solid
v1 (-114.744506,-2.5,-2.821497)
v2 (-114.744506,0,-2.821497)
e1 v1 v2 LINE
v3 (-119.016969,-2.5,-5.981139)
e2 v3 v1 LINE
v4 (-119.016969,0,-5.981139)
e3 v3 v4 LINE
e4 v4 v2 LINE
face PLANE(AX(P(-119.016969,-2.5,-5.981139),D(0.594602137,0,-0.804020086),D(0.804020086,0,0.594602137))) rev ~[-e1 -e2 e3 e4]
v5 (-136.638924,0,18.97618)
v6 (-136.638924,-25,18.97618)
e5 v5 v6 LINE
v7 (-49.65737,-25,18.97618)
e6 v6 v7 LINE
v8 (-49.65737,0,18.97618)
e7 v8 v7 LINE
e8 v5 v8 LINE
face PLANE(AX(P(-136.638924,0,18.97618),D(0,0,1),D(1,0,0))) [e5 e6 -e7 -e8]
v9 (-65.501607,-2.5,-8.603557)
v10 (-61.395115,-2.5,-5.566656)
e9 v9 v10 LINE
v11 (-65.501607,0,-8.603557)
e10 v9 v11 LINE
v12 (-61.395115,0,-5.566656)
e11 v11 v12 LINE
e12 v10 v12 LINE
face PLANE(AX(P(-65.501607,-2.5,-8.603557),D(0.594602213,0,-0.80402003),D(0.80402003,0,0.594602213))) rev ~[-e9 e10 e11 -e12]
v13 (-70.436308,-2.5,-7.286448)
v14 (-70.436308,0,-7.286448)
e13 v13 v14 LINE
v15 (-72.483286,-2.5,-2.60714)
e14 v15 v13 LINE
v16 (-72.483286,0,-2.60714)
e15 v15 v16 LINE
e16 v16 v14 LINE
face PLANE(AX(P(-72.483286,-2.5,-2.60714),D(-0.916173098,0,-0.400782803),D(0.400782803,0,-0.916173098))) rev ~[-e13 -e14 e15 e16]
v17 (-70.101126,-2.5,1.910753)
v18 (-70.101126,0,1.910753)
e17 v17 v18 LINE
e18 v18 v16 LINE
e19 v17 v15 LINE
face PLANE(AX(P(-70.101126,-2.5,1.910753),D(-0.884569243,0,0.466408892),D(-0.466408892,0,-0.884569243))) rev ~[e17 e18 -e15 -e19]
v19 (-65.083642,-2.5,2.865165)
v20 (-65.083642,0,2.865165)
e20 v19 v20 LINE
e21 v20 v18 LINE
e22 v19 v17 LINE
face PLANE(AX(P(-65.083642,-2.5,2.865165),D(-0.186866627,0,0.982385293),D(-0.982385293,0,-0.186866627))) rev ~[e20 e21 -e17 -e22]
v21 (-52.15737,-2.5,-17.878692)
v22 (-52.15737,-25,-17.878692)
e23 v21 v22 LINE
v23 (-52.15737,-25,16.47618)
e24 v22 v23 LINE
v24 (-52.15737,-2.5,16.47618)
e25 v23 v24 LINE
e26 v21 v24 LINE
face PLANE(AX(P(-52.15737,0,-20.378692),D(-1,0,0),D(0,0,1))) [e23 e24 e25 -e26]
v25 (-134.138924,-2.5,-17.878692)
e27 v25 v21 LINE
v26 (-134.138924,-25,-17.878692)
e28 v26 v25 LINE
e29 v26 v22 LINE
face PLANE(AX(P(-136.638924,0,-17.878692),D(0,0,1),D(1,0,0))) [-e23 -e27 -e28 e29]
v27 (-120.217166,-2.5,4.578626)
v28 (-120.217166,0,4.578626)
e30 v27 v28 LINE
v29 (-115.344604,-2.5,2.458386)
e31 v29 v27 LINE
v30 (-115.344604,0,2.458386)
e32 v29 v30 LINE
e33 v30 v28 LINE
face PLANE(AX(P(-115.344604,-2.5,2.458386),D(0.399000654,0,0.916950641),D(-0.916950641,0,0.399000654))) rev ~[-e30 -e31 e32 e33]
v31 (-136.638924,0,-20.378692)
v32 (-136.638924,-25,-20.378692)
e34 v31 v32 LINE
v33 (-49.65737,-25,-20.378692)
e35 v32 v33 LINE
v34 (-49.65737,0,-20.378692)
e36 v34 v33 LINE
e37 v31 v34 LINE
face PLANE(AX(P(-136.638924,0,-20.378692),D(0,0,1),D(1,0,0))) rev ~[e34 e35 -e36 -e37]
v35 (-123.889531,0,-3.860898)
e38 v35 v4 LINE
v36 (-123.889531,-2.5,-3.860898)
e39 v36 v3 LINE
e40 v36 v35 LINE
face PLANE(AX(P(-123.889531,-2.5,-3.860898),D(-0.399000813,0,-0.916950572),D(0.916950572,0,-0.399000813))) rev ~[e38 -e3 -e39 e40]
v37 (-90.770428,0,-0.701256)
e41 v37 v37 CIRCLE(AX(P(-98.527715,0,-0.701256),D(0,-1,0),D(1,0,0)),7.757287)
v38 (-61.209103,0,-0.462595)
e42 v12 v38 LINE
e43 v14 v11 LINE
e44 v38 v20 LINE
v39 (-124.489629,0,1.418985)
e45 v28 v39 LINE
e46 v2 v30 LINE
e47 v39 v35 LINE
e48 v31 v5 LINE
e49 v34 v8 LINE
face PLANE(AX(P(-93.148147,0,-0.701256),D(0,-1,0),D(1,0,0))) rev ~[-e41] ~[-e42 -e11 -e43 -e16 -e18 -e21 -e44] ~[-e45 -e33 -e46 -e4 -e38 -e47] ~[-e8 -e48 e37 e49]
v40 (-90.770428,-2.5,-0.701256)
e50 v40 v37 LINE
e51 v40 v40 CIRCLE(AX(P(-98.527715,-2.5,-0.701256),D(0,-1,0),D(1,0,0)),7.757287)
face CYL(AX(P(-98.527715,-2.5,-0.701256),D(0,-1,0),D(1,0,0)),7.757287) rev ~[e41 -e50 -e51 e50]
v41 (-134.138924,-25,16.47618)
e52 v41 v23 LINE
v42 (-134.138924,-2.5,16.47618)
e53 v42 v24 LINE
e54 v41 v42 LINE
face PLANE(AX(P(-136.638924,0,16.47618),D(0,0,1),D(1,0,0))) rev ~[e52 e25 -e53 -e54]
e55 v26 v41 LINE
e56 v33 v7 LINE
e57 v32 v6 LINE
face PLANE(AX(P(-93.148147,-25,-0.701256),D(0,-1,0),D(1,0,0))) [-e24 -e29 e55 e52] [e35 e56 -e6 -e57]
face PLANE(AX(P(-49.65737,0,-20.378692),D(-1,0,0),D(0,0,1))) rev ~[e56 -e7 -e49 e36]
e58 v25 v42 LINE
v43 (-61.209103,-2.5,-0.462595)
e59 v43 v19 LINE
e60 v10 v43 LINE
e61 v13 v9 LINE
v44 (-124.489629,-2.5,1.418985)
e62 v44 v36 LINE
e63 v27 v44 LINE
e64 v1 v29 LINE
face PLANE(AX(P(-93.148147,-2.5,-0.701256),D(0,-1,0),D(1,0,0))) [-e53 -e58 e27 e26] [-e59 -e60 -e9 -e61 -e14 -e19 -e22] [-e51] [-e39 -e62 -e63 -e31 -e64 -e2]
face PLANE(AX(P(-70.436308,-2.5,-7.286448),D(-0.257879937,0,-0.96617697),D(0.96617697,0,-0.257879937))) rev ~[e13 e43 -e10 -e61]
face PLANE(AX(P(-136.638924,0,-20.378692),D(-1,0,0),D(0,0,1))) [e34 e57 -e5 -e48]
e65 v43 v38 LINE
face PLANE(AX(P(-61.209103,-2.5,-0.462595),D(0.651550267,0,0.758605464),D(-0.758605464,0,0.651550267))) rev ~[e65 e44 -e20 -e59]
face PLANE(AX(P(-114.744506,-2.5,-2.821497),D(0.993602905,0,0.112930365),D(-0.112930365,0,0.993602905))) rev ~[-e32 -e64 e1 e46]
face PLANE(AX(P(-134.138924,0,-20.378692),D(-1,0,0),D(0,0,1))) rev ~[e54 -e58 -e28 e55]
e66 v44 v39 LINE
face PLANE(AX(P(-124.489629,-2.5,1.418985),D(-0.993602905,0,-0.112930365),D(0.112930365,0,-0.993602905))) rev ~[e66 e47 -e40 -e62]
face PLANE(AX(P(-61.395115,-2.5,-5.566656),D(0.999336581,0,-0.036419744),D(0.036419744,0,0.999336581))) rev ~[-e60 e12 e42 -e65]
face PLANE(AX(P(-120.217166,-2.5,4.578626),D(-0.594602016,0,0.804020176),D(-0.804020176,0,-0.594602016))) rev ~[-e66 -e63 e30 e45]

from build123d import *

# Parameters (mm, degrees)
F0_W     = 86.981553
F0_H     = 39.354872
F1_DEPTH = 25
F2_T     = -2.5
F3_R     = 7.757287
F4_DEPTH = 25
F6_DEPTH = 25


with BuildPart() as f1:
    # F0 (on Front) → F1 (new body)
    with BuildSketch(Plane.XZ):
        with Locations((-93.148147, -0.701256)):
            Rectangle(F0_W, F0_H)
    extrude(amount=F1_DEPTH)

    # F2
    f2_openings = [f1.faces().sort_by_distance(p)[0] for p in [
        (-93.148148, -25, -0.701256),
    ]]
    offset(amount=F2_T, openings=f2_openings)

    # F3 (on face) → F4 (cut)
    with BuildSketch(Plane.XZ.offset(2.5)):
        with Locations((-98.527715, -0.701256)):
            Circle(F3_R)
    extrude(amount=-F4_DEPTH, mode=Mode.SUBTRACT)

    # F5 (on face) → F6 (cut)
    with BuildSketch(Plane.XZ.offset(2.5)):
        Polygon((-119.016969, -5.981139), (-114.744506, -2.821497), (-115.344604, 2.458386), (-120.217166, 4.578626), (-124.489629, 1.418985), (-123.889531, -3.860898), align=None)
        Polygon((-65.501607, -8.603557), (-61.395115, -5.566656), (-61.209103, -0.462595), (-65.083642, 2.865165), (-70.101126, 1.910753), (-72.483286, -2.60714), (-70.436308, -7.286448), align=None)
    extrude(amount=-F6_DEPTH, mode=Mode.SUBTRACT)


solid = f1.part
